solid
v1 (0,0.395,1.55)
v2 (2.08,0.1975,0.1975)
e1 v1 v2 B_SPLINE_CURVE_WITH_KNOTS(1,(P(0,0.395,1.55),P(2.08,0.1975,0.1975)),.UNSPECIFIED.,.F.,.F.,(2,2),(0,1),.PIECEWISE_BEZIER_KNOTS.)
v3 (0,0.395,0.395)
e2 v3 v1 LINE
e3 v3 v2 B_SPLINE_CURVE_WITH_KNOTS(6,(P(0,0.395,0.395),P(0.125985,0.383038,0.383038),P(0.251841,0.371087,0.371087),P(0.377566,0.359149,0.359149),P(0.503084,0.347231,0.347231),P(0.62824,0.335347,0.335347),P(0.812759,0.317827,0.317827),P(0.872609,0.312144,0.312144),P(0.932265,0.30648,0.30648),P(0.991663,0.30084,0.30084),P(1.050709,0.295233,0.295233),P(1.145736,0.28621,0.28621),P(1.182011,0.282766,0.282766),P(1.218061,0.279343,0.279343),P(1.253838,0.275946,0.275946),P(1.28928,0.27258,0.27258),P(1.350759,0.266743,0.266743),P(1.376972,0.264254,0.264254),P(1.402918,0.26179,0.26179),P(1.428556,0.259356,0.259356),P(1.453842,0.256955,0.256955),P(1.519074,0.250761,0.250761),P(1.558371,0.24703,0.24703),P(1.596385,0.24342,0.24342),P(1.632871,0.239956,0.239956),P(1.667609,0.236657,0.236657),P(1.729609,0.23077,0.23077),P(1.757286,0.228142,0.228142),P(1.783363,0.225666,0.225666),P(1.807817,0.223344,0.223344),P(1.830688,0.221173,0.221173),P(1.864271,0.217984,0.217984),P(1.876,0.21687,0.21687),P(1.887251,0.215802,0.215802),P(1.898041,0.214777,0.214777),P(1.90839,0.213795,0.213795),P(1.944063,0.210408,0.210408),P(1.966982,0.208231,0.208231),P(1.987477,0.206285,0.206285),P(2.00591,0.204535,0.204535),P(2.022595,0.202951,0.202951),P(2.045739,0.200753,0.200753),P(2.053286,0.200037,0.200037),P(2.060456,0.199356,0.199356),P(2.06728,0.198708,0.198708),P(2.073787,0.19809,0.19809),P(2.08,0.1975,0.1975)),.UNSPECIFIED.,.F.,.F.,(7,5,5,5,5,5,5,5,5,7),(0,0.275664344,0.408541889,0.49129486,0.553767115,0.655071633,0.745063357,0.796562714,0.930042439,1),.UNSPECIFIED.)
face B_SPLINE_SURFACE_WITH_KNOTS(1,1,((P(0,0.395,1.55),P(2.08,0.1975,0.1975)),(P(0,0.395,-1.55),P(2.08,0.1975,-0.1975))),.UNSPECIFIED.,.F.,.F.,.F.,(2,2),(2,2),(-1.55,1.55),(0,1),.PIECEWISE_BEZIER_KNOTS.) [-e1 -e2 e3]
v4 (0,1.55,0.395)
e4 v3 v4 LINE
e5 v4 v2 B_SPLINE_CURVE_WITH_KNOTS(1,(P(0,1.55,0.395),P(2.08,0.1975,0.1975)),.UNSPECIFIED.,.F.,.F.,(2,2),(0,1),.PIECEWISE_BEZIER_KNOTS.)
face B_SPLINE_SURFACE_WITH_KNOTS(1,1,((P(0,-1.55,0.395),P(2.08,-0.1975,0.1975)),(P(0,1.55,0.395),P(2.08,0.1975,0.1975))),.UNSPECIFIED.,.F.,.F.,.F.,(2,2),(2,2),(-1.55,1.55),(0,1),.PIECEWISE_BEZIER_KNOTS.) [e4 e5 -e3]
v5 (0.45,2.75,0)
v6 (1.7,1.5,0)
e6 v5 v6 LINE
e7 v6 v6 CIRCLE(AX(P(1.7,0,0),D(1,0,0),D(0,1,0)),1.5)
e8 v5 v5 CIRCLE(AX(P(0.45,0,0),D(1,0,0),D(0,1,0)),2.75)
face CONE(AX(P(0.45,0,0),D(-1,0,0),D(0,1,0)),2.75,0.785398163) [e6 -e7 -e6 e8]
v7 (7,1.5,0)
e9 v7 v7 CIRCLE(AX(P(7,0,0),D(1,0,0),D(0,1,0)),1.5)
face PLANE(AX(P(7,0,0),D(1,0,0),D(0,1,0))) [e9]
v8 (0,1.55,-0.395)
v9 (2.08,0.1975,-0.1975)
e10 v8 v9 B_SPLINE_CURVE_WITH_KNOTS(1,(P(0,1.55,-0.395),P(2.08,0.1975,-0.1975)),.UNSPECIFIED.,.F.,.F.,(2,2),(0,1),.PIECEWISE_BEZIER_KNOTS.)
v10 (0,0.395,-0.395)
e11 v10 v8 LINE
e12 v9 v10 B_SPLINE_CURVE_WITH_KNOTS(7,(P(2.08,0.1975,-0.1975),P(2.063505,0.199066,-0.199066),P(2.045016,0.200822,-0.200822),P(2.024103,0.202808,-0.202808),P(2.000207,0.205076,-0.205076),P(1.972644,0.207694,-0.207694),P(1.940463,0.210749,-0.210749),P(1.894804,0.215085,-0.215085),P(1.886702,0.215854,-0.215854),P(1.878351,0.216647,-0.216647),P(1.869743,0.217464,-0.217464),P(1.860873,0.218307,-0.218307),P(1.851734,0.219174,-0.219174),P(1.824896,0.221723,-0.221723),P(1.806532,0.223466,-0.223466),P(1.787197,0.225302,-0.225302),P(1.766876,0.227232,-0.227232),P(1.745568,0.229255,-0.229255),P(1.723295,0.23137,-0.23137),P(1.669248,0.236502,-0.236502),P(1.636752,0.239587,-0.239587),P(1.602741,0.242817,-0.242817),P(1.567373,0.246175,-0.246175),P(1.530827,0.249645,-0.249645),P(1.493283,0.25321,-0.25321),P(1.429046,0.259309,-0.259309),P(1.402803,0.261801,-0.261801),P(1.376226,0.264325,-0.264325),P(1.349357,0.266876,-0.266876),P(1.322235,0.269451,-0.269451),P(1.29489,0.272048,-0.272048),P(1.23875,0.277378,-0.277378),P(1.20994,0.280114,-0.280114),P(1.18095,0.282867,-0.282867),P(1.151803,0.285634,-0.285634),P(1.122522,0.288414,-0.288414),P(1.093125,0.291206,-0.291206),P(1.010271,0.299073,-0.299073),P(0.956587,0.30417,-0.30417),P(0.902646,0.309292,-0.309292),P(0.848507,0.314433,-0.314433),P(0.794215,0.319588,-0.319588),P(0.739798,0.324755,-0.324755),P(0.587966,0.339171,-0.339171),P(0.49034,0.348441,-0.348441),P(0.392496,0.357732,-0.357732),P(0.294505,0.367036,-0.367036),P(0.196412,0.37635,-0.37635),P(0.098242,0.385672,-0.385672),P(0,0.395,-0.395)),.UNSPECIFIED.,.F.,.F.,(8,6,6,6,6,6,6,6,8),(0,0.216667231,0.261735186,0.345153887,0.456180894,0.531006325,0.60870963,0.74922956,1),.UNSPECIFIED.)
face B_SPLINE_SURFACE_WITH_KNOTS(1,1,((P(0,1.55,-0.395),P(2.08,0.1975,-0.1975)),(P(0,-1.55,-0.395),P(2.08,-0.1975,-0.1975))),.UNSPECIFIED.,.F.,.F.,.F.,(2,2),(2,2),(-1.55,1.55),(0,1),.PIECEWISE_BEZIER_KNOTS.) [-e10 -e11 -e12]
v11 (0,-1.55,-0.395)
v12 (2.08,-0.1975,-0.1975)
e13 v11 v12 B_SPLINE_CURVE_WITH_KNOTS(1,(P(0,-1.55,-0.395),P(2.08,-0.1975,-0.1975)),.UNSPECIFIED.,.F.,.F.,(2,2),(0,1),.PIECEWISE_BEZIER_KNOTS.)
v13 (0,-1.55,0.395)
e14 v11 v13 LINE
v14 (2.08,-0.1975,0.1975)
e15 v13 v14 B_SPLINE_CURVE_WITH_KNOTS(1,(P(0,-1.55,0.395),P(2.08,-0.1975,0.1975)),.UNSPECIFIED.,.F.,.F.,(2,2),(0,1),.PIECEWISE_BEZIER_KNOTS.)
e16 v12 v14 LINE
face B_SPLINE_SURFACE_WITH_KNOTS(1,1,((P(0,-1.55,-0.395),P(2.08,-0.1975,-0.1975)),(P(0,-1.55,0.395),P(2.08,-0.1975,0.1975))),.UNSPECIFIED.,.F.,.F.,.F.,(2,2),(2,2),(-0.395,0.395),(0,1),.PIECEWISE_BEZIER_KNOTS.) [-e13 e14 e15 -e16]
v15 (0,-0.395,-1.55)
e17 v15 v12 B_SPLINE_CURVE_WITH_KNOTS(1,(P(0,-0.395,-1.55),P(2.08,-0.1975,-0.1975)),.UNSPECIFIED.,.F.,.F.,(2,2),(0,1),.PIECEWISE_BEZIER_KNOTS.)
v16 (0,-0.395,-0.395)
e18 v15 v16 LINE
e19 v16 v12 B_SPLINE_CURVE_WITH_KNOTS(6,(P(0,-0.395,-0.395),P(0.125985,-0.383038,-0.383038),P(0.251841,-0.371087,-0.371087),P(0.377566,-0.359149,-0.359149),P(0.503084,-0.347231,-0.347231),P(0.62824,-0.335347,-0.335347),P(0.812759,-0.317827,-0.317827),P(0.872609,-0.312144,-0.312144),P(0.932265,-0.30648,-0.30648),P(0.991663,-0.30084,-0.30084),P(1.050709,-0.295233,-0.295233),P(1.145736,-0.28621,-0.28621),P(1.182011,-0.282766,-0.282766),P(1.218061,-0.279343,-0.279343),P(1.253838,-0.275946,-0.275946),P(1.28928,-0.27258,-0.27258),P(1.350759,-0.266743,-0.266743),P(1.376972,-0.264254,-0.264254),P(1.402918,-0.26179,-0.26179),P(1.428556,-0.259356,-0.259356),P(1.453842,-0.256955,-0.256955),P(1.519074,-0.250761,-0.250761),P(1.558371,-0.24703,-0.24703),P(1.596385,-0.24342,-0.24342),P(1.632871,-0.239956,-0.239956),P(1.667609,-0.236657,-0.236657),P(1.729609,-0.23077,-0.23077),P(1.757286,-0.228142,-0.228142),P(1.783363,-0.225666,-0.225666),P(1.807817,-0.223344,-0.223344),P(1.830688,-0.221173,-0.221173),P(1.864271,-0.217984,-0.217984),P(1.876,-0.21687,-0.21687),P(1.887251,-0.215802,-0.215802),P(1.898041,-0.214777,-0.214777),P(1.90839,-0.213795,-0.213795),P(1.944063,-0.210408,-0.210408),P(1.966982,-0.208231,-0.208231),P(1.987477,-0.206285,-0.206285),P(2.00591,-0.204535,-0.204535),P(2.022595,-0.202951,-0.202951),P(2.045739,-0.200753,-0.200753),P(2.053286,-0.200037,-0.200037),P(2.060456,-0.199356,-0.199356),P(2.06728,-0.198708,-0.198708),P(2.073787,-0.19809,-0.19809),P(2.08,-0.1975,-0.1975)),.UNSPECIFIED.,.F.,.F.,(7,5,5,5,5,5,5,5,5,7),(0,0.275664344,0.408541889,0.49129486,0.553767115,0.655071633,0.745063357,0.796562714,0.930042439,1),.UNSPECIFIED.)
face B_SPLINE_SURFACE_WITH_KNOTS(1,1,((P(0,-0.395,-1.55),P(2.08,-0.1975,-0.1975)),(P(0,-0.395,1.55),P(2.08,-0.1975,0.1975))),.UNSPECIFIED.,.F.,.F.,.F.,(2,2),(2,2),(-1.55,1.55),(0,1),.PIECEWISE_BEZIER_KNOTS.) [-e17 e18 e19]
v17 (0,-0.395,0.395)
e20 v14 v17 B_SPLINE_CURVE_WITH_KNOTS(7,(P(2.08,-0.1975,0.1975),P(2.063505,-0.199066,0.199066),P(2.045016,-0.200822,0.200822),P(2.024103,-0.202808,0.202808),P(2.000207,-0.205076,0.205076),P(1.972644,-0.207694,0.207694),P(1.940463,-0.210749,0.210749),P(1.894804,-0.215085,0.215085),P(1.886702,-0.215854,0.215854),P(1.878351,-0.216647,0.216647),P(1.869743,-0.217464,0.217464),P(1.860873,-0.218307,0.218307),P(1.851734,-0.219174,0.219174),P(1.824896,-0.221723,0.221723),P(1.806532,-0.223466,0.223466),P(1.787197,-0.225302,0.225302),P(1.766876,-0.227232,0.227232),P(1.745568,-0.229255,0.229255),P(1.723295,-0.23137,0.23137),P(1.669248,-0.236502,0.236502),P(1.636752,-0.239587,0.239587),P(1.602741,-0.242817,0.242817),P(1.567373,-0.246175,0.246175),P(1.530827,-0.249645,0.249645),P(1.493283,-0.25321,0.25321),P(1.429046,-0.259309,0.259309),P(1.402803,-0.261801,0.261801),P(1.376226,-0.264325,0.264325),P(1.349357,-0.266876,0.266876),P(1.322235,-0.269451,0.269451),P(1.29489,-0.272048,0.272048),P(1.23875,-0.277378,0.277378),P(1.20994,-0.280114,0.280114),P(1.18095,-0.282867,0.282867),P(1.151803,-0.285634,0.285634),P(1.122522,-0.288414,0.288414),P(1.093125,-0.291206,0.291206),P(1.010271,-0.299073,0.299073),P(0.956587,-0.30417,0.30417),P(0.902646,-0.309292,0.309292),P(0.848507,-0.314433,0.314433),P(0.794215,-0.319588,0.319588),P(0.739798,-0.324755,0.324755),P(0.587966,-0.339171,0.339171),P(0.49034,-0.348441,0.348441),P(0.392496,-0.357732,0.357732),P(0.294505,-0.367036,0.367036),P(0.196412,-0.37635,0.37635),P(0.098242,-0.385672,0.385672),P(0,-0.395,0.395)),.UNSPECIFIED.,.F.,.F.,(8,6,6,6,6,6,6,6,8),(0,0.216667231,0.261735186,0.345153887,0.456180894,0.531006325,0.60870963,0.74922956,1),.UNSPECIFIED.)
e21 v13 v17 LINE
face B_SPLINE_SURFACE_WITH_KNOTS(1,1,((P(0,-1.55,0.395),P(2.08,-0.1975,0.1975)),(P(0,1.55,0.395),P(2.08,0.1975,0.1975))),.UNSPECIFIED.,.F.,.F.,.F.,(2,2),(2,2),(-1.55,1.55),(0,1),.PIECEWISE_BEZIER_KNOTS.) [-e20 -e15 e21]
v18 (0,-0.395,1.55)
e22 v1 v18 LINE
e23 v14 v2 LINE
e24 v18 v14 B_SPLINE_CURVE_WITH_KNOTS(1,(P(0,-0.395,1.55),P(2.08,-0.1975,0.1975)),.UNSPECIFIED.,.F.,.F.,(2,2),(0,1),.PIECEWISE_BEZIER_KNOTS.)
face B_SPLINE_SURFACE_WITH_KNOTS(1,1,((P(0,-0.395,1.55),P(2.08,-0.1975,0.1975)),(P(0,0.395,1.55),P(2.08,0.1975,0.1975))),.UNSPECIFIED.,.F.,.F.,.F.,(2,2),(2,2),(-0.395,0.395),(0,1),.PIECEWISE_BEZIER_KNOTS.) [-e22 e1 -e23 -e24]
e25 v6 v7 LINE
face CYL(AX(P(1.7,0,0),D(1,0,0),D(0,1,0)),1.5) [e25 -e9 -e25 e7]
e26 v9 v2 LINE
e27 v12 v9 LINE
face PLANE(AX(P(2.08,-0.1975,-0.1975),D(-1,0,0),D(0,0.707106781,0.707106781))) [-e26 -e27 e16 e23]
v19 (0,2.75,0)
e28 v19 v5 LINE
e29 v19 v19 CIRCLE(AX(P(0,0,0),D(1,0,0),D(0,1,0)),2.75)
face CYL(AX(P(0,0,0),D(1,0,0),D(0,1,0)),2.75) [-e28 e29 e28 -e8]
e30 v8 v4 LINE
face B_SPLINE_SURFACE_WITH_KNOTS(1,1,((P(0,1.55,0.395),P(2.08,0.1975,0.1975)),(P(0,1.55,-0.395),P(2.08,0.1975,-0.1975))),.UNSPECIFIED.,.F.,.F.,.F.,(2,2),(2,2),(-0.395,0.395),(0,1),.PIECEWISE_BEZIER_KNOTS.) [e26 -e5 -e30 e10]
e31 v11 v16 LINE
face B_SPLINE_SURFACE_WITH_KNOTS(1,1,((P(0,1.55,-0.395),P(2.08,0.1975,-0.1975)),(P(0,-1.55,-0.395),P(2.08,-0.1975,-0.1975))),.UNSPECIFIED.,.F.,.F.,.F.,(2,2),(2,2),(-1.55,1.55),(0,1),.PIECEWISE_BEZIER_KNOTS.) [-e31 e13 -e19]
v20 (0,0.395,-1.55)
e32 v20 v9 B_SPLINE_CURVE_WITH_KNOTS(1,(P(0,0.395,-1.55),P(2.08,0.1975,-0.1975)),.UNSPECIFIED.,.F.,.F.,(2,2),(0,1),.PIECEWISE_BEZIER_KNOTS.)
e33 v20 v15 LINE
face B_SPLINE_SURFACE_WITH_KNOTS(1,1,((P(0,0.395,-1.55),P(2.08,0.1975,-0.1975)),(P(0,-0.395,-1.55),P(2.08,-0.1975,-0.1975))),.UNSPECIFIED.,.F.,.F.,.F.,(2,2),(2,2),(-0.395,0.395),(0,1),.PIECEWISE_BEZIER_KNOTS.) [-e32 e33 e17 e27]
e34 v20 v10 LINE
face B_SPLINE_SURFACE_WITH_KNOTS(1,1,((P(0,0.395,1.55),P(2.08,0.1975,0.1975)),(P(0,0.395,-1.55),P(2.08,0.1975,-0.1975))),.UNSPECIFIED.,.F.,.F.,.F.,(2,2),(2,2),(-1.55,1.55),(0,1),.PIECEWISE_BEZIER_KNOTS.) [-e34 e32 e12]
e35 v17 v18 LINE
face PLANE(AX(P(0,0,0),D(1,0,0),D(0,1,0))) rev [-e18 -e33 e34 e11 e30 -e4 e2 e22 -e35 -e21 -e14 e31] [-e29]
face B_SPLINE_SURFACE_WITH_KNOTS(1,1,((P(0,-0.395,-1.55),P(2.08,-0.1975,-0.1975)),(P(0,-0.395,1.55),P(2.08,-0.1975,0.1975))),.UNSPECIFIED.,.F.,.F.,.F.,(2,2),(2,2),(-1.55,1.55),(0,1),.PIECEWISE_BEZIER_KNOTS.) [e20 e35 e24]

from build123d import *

# Parameters (mm, degrees)
SKETCH3_W         = 0.79
SKETCH3_H         = 3.1
SKETCH4_W         = 0.395
SKETCH4_H         = 0.395
CIRPATTERN1_COUNT = 2
CIRPATTERN1_ANGLE = 90


with BuildPart() as part:
    # BodySke → Base-Revolve (revolve)
    with BuildSketch(Plane.XY):
        Polygon((0, 0), (0, 2.75), (0.45, 2.75), (1.7, 1.5), (7, 1.5), (7, 0), align=None)
    revolve(axis=Axis((-6.35, 0, 0), (1, 0, 0)))

    # Sketch3 → Cross section 0
    with BuildSketch(Plane.ZY):
        Rectangle(SKETCH3_W, SKETCH3_H)
    # Sketch4 → Cross section 1
    with BuildSketch(Plane.ZY.offset(-2.08)):
        Rectangle(SKETCH4_W, SKETCH4_H)
    cross = loft(mode=Mode.SUBTRACT)

    # CirPattern1: Cross ×2 about axis
    cirpattern1_axis = Axis((0, 0, 0), (1, 0, 0))
    for i in range(1, CIRPATTERN1_COUNT):
        add(cross.rotate(cirpattern1_axis, i * CIRPATTERN1_ANGLE / (CIRPATTERN1_COUNT - 1)), mode=Mode.SUBTRACT)


solid = part.part
